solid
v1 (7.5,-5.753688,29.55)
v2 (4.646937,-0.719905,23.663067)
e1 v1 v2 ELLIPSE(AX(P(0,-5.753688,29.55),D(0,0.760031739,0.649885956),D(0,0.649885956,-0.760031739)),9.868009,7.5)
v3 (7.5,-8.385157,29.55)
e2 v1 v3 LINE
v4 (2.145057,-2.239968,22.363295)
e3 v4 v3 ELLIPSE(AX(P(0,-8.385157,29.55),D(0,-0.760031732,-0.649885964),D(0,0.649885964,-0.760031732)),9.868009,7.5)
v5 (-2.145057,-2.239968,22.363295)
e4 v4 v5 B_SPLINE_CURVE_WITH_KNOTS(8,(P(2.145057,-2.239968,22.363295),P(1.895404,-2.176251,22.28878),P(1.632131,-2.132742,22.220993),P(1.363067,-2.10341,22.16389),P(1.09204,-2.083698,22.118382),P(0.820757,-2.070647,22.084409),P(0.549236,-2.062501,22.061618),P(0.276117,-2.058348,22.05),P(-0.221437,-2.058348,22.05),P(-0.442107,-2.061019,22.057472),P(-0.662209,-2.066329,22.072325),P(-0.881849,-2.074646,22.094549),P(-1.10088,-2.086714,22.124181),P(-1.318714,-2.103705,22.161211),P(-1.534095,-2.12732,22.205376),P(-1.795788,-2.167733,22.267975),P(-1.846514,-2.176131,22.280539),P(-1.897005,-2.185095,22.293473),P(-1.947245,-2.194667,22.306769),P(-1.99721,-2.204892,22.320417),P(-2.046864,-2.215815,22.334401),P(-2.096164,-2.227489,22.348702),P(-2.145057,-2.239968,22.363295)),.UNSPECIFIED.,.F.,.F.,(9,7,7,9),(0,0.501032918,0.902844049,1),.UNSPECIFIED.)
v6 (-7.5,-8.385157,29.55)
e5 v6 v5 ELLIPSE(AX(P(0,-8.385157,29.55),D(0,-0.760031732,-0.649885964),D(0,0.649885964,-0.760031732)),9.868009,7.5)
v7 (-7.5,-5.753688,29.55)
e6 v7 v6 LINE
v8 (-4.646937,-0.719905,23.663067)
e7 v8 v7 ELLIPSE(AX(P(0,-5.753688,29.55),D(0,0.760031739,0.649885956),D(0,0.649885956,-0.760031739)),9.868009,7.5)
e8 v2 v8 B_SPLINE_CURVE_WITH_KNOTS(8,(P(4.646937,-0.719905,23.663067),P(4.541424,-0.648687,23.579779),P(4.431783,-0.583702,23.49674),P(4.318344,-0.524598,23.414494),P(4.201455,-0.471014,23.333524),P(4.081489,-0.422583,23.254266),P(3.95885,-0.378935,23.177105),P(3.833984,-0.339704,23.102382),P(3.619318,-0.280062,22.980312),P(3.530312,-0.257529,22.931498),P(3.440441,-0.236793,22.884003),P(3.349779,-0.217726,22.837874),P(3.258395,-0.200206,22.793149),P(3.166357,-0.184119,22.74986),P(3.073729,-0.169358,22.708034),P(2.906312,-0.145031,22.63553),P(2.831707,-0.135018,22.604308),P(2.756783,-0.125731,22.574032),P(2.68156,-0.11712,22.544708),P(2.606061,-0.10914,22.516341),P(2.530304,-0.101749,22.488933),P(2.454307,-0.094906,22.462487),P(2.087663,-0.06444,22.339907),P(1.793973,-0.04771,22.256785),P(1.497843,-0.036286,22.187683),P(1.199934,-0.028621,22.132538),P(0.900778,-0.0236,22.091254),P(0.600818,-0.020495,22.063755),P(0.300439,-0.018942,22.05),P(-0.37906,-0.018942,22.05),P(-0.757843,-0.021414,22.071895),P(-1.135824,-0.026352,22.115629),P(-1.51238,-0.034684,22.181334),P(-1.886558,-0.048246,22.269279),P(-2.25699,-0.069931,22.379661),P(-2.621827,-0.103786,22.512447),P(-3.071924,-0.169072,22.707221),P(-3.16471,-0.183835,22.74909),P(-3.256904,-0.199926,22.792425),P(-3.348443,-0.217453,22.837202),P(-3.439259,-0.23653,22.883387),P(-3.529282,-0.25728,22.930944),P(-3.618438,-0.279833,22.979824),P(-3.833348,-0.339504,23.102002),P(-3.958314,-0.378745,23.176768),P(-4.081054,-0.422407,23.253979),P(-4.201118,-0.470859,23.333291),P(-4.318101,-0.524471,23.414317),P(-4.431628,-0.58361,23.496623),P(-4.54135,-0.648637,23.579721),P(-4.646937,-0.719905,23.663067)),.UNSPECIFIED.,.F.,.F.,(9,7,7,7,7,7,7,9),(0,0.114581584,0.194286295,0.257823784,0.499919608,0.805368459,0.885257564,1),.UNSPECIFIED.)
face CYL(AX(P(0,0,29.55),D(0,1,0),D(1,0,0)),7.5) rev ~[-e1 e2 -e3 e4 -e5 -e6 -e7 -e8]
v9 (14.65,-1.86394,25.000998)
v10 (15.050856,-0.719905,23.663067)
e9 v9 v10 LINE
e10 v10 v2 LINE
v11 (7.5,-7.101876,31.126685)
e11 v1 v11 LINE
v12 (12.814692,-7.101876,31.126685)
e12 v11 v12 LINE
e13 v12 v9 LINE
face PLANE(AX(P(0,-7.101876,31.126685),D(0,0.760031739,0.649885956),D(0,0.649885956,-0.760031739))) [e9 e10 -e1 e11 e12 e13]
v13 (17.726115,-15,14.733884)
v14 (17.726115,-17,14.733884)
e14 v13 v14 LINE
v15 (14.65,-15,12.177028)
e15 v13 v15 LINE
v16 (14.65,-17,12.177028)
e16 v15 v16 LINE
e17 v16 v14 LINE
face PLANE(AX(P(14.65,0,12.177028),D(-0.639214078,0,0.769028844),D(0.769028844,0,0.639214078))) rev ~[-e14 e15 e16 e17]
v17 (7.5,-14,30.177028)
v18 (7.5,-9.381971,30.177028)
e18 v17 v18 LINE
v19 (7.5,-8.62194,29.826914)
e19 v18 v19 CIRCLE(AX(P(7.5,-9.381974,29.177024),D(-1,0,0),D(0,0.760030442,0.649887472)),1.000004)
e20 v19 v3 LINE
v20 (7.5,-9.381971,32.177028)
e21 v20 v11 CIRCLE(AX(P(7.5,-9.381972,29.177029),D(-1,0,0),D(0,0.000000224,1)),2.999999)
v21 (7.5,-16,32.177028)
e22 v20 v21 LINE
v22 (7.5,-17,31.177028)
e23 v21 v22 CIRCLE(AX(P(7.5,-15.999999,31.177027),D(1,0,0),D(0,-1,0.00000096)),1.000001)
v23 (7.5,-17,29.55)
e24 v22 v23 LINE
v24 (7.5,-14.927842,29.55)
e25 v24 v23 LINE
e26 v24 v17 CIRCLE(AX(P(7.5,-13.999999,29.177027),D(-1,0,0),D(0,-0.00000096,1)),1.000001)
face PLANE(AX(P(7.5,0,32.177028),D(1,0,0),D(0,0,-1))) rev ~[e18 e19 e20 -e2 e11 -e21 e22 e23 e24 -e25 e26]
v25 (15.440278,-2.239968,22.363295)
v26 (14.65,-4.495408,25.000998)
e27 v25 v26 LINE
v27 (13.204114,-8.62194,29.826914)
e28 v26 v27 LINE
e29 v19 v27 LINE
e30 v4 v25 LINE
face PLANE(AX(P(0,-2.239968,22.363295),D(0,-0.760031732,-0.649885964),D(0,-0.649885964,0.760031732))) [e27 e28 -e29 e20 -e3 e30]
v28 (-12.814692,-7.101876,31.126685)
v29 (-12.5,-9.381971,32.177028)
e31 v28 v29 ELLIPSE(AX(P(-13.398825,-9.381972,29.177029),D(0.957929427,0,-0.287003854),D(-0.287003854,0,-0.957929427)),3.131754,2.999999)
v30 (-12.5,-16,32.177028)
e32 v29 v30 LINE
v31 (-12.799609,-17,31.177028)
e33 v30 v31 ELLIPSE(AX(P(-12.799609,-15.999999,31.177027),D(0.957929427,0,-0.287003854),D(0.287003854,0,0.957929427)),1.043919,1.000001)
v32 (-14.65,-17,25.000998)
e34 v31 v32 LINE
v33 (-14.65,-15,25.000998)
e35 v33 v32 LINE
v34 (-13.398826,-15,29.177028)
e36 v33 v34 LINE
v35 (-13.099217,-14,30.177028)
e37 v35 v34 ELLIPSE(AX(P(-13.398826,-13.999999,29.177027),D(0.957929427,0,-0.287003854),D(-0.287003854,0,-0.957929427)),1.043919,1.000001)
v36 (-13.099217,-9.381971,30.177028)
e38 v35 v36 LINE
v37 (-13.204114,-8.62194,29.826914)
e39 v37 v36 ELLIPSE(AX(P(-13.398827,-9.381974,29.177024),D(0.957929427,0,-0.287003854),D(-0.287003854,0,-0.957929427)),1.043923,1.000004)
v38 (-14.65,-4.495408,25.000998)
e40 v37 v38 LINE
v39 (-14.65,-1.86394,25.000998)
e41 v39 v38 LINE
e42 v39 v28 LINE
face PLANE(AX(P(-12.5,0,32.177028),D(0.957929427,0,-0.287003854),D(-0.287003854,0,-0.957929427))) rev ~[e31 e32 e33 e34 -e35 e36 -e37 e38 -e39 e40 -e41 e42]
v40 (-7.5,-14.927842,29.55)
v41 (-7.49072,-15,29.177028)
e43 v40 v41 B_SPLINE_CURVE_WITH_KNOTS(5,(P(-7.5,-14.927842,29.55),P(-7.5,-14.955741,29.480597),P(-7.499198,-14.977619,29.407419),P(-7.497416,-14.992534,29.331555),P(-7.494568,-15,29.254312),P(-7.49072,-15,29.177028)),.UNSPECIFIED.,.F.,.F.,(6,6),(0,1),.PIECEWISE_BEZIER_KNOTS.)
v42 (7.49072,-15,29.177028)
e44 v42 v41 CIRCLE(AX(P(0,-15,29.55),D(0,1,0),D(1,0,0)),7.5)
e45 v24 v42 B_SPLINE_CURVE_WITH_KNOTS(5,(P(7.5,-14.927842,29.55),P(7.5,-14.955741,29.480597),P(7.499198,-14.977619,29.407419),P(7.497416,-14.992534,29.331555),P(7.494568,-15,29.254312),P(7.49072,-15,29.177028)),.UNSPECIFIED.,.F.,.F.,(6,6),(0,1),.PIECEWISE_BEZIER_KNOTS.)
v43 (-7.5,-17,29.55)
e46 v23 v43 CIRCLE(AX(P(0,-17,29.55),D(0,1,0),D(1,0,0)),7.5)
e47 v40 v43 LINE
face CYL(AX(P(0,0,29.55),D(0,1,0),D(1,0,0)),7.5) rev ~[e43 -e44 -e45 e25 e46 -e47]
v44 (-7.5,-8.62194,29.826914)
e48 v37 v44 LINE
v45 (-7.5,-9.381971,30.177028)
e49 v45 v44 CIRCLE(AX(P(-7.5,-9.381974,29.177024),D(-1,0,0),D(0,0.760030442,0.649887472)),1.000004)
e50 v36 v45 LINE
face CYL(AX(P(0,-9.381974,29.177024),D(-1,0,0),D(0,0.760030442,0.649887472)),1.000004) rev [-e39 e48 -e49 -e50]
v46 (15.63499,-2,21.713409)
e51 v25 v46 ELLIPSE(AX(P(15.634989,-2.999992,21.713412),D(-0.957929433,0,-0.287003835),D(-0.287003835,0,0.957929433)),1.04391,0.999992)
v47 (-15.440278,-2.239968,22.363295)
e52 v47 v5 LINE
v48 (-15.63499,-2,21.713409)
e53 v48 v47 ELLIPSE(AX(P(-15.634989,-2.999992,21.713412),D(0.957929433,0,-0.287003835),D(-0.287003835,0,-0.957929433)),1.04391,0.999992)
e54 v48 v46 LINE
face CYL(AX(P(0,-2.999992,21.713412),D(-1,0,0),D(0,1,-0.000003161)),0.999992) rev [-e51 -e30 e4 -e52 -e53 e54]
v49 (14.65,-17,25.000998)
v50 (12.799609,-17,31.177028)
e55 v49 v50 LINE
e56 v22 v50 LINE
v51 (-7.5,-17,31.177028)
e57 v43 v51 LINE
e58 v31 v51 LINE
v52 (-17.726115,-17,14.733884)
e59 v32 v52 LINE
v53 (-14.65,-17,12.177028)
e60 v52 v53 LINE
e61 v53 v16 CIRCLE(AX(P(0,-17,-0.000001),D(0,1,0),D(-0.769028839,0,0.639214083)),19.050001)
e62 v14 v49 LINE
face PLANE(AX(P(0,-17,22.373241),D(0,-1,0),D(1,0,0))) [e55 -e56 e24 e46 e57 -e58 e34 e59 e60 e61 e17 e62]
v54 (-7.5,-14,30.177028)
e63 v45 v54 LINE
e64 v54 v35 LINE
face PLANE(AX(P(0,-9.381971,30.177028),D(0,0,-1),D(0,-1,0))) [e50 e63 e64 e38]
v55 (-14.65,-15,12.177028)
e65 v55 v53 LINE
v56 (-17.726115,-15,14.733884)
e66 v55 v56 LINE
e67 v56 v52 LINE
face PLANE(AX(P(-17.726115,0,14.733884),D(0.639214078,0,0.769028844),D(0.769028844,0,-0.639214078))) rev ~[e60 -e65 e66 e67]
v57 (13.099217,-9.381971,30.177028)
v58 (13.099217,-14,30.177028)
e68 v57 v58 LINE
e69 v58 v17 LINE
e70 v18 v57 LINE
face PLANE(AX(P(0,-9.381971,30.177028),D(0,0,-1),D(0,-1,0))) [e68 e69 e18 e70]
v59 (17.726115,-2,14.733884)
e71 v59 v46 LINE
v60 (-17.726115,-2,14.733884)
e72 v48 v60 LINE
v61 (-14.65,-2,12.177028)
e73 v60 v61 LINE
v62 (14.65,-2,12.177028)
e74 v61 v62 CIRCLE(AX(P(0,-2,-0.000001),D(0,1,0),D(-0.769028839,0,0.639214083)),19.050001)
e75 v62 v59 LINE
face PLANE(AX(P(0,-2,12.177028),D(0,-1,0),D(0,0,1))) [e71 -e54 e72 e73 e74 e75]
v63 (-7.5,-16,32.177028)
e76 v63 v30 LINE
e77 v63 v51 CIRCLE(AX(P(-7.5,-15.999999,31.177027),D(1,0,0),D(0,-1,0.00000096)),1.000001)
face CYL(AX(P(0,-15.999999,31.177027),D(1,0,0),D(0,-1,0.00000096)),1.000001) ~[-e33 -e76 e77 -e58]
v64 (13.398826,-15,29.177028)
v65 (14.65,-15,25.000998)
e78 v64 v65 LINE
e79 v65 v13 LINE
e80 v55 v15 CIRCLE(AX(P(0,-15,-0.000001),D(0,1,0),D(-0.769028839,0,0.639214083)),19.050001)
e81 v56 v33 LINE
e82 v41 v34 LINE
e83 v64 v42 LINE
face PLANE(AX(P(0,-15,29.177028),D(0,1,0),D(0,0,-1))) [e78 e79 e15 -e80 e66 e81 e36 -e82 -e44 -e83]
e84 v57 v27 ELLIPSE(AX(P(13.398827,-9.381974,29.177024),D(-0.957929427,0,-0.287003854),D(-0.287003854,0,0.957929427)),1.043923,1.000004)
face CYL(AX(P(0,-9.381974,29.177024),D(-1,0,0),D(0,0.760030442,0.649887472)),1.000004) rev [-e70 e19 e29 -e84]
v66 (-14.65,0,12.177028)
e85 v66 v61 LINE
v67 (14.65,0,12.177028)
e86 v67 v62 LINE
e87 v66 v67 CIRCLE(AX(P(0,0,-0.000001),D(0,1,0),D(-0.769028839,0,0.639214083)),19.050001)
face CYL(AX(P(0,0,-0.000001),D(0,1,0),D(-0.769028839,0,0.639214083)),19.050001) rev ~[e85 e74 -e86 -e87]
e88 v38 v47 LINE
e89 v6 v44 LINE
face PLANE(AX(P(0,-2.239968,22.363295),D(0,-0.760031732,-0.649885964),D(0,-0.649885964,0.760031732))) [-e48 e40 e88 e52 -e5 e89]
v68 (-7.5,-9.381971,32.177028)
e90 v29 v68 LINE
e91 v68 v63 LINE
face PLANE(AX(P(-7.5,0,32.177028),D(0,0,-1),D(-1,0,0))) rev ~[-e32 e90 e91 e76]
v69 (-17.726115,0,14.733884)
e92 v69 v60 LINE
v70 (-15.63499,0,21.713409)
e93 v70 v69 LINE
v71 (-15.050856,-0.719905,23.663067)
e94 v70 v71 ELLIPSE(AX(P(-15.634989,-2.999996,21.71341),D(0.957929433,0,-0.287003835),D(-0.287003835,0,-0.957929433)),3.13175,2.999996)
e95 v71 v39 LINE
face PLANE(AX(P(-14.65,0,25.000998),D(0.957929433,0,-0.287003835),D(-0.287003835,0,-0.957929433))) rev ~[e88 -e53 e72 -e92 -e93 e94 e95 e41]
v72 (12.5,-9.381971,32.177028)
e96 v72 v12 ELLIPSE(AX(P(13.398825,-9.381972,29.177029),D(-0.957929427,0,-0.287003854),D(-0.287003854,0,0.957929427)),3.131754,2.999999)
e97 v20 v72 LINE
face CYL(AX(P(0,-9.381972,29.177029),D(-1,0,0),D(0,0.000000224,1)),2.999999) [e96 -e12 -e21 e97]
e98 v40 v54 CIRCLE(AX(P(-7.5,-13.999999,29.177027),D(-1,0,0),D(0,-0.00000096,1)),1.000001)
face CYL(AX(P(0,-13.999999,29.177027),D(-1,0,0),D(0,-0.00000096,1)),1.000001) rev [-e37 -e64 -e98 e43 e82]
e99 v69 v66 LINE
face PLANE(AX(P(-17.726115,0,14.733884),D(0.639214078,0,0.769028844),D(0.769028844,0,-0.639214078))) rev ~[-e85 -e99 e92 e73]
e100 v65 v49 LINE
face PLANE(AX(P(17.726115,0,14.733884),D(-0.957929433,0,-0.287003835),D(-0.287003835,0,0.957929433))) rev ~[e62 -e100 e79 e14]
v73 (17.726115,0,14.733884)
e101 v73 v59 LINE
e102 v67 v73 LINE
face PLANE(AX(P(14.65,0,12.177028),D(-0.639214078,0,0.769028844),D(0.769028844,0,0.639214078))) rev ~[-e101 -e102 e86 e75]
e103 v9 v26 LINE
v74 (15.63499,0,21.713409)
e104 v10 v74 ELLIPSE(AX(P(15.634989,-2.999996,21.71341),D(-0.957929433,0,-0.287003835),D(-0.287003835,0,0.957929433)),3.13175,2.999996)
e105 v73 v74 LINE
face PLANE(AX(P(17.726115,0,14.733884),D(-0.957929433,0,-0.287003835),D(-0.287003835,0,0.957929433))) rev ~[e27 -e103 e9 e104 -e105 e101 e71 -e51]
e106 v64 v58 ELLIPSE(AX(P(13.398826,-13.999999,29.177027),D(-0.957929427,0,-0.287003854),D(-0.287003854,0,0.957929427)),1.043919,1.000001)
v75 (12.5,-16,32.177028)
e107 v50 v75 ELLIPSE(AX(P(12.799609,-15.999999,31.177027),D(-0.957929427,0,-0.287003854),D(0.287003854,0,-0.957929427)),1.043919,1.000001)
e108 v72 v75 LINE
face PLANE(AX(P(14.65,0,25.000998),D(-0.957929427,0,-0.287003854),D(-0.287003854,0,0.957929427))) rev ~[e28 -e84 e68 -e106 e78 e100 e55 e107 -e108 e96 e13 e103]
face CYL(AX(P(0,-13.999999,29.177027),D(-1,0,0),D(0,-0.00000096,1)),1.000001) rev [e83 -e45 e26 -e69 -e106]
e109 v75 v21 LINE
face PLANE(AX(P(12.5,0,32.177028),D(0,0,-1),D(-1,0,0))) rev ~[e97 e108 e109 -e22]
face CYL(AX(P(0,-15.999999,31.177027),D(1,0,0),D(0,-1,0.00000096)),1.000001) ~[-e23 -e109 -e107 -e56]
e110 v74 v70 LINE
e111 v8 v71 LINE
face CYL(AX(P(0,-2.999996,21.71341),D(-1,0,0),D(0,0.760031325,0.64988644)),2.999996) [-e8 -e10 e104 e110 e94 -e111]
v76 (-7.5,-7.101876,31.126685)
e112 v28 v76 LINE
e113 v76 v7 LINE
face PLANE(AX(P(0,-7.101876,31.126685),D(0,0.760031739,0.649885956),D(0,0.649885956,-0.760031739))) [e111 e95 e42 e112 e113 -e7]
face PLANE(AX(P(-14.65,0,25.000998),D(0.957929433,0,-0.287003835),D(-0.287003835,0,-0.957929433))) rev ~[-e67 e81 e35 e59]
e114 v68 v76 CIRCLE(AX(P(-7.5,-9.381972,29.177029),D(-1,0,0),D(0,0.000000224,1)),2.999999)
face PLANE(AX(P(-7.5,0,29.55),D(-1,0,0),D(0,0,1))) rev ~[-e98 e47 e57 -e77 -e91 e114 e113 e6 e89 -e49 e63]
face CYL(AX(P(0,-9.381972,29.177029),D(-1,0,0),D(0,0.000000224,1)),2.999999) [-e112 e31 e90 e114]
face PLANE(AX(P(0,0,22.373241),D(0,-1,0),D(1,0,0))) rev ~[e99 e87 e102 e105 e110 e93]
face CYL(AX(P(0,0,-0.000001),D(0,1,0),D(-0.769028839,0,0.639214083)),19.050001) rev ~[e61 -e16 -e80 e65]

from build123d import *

# Parameters (mm, degrees)
F1_DEPTH = 17
F3_DEPTH = 20


with BuildPart() as f1:
    # F0 (on Front) → F1 (new body)
    with BuildSketch(Plane.XZ):
        with BuildLine():
            ThreePointArc((-14.65, 12.177028), (0, 19.05), (14.65, 12.177028))
            Line((14.65, 12.177028), (14.65, 25.000998))
            Line((14.65, 25.000998), (12.5, 32.177028))
            Line((12.5, 32.177028), (7.5, 32.177028))
            Line((7.5, 32.177028), (7.5, 29.55))
            ThreePointArc((7.5, 29.55), (0, 22.05), (-7.5, 29.55))
            Line((-7.5, 29.55), (-7.5, 32.177028))
            Line((-7.5, 32.177028), (-12.5, 32.177028))
            Line((-12.5, 32.177028), (-14.65, 25.000998))
            Line((-14.65, 25.000998), (-14.65, 12.177028))
        make_face()
        Polygon((-17.726115, 14.733884), (-14.65, 12.177028), (-14.65, 25.000998), align=None)
        Polygon((14.65, 25.000998), (14.65, 12.177028), (17.726115, 14.733884), align=None)
    extrude(amount=F1_DEPTH)

    # F2 (on Right) → F3 (cut, symmetric)
    with BuildSketch(Plane.YZ):
        with BuildLine():
            Line((0, 32.177028), (-9.381971, 32.177028))
            ThreePointArc((-9.381971, 32.177028), (-8.126777, 31.901819), (-7.101876, 31.126685))
            Line((-7.101876, 31.126685), (-0.719905, 23.663067))
            ThreePointArc((-0.719905, 23.663067), (-0.185725, 22.752571), (0, 21.713409))
            Line((0, 21.713409), (0, 32.177028))
        make_face()
        with BuildLine():
            Line((-15, 14.733884), (-15, 12.177028))
            Line((-15, 12.177028), (-2, 12.177028))
            Line((-2, 12.177028), (-2, 14.733884))
            Line((-2, 14.733884), (-2, 21.713409))
            ThreePointArc((-2, 21.713409), (-2.061908, 22.059797), (-2.239968, 22.363295))
            Line((-2.239968, 22.363295), (-8.62194, 29.826914))
            ThreePointArc((-8.62194, 29.826914), (-8.963573, 30.085291), (-9.381971, 30.177028))
            Line((-9.381971, 30.177028), (-14, 30.177028))
            ThreePointArc((-14, 30.177028), (-14.707107, 29.884134), (-15, 29.177028))
            Line((-15, 29.177028), (-15, 14.733884))
        make_face()
        with BuildLine():
            Line((-17, 32.177028), (-17, 31.177028))
            ThreePointArc((-17, 31.177028), (-16.707107, 31.884134), (-16, 32.177028))
            Line((-16, 32.177028), (-17, 32.177028))
        make_face()
    extrude(amount=F3_DEPTH, both=True, mode=Mode.SUBTRACT)


solid = f1.part
